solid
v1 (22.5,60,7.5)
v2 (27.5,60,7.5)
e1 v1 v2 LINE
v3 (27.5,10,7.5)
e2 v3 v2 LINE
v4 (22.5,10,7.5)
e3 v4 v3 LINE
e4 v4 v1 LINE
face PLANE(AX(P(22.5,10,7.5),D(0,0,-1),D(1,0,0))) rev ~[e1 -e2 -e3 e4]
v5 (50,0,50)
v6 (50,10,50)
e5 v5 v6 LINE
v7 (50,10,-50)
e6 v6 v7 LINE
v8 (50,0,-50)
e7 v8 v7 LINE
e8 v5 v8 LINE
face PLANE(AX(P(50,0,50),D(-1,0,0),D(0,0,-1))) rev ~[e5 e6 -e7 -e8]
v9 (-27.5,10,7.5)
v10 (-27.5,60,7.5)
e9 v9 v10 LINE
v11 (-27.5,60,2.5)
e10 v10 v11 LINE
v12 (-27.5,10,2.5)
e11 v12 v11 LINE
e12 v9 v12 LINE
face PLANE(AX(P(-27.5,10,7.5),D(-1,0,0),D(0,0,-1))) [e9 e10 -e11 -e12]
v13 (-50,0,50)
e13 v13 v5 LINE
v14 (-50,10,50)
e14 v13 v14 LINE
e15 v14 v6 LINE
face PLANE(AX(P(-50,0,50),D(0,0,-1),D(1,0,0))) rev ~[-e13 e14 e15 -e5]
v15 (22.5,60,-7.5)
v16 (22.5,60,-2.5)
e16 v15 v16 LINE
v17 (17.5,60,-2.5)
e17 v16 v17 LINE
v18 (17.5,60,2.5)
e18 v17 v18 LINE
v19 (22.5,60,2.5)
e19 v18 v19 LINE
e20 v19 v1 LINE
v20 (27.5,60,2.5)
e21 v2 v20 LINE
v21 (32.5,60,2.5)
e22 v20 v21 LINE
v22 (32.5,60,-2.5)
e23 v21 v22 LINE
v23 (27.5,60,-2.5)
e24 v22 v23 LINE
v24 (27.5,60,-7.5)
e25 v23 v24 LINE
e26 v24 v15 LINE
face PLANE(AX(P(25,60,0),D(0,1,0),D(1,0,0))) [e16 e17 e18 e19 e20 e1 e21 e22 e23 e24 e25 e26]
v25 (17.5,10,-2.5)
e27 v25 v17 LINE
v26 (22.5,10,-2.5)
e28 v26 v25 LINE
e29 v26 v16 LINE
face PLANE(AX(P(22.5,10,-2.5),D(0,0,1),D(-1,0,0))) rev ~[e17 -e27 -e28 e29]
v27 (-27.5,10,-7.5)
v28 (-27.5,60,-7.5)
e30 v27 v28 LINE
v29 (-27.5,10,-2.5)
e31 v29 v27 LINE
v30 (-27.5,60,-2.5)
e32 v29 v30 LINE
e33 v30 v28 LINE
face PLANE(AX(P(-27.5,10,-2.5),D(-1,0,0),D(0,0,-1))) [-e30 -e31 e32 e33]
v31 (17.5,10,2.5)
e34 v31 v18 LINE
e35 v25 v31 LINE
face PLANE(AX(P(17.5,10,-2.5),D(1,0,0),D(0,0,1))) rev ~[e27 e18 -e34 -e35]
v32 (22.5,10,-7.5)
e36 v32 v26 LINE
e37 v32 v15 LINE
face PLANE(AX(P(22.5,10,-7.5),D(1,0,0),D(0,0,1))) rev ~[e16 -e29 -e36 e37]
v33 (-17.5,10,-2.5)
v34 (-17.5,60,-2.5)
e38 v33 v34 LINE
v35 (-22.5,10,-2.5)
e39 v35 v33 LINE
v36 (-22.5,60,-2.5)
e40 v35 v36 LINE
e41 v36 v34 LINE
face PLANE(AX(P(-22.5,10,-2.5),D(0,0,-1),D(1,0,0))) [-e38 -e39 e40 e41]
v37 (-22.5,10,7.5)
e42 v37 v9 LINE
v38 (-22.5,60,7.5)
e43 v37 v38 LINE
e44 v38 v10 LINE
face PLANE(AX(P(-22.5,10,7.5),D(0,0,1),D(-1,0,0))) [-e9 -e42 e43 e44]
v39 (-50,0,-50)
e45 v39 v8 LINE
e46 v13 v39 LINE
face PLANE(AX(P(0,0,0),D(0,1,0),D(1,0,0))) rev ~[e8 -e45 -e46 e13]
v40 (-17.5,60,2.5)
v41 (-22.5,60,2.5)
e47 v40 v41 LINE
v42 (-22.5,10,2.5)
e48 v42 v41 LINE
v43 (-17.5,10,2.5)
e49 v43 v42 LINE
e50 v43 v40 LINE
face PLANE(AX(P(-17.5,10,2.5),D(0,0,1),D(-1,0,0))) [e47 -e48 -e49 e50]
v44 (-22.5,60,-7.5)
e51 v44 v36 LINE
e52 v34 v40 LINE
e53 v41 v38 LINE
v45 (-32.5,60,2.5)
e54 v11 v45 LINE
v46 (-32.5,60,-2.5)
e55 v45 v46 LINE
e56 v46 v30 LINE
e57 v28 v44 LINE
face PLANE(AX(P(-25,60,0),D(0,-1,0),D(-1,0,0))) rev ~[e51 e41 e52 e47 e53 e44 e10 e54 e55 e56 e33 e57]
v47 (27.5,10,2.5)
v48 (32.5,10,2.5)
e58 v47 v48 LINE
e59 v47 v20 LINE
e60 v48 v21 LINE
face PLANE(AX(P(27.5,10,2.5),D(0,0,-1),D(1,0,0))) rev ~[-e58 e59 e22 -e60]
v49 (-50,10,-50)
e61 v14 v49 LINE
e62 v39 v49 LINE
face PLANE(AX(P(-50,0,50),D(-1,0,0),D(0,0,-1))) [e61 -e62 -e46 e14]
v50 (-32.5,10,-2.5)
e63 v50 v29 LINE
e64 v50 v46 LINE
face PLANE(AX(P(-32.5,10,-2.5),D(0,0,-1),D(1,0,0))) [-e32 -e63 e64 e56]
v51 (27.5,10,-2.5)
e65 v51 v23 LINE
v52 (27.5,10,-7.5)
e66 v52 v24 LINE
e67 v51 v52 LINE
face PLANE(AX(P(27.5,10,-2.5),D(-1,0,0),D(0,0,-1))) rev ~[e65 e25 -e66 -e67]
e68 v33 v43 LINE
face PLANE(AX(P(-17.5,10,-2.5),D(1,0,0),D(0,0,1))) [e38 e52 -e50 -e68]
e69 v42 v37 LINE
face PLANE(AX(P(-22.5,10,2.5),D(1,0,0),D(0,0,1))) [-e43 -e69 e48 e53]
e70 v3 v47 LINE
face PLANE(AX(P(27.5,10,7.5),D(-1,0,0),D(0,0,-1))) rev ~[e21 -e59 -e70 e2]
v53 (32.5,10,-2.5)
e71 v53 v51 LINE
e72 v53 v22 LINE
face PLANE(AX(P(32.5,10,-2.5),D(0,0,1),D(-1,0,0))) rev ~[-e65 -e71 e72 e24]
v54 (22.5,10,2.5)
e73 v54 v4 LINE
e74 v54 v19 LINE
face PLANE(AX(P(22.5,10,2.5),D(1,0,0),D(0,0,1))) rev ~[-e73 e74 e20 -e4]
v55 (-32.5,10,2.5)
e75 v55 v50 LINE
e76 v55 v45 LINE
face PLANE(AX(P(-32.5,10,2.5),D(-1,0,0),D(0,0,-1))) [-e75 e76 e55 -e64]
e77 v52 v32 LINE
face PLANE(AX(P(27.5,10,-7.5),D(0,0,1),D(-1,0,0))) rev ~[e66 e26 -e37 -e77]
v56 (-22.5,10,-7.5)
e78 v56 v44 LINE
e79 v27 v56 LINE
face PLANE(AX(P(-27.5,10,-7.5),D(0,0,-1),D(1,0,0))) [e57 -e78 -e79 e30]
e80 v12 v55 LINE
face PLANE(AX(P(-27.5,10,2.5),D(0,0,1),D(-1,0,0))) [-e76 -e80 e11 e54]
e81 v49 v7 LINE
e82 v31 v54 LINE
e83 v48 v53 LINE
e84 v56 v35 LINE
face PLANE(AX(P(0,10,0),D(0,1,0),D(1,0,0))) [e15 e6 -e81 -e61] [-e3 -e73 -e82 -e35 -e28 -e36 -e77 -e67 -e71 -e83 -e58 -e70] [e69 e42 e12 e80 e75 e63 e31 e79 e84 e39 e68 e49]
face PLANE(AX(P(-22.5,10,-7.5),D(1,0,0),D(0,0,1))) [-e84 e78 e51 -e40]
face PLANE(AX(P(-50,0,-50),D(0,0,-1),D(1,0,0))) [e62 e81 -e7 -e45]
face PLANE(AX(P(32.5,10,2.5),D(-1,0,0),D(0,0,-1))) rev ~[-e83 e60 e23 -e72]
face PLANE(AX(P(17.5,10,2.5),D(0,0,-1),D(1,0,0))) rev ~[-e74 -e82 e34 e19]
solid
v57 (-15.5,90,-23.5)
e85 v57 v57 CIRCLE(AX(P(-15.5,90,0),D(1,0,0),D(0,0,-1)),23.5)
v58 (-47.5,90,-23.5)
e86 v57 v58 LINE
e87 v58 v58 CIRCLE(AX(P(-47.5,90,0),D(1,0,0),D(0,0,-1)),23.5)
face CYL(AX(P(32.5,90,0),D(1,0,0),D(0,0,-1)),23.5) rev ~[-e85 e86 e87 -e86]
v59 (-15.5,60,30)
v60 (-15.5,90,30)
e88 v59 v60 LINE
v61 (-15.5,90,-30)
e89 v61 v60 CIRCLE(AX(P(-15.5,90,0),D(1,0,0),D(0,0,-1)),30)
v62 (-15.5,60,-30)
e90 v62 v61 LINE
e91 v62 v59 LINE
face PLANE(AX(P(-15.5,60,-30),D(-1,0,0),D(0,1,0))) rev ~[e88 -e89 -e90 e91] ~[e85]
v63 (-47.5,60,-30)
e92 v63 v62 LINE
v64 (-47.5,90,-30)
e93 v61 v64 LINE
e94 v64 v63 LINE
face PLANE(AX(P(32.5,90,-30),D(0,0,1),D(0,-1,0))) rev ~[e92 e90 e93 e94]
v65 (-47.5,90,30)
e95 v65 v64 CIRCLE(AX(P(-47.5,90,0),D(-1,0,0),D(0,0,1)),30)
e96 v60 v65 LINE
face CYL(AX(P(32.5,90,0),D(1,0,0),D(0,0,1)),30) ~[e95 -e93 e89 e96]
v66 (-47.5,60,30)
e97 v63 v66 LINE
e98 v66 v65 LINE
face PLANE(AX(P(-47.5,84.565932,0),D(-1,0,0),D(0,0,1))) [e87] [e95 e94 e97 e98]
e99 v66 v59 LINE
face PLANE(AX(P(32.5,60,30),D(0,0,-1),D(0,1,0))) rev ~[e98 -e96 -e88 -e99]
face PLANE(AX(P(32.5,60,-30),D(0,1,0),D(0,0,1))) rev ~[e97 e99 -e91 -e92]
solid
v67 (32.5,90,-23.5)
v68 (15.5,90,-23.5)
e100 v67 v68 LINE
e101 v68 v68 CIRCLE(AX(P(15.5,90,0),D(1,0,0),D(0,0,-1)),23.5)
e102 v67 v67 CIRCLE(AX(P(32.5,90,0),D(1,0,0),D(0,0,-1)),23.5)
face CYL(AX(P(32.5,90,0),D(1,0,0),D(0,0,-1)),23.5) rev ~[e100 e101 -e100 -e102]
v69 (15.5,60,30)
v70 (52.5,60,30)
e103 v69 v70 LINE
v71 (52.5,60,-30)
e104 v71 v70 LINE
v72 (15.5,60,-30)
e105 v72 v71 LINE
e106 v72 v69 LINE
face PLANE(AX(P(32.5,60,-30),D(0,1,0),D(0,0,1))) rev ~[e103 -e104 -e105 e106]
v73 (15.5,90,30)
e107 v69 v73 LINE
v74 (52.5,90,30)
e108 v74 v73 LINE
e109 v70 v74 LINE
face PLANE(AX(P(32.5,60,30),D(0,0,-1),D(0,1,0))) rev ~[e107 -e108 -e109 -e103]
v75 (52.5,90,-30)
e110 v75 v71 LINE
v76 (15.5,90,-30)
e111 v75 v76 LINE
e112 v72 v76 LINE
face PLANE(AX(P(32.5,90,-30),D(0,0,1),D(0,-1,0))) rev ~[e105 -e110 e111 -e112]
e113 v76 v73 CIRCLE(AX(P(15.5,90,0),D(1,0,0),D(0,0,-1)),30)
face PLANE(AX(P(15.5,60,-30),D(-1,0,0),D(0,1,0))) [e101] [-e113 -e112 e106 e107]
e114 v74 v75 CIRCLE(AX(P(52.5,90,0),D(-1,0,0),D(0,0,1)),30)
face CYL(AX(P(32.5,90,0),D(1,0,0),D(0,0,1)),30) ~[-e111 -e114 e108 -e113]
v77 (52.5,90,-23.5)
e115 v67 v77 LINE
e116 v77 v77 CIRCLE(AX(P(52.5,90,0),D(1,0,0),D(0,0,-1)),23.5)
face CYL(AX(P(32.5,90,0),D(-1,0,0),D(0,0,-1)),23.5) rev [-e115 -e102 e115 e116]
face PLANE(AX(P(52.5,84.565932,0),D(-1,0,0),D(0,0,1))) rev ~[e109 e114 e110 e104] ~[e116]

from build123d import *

# Parameters (mm, degrees)
ESQUISSE1_W             = 100
ESQUISSE1_H             = 100
BOSS_EXTRU_1_DEPTH      = 10
BOSS_EXTRU_2_DEPTH      = 50
ESQUISSE3_R             = 23.5
BOSS_EXTRU_3_DEPTH      = 20
BOSS_EXTRU_3_DEPTH_BACK = 80
ESQUISSE4_W             = 31
ESQUISSE4_H             = 60
ENL_V_MAT_EXTRU_1_DEPTH = 60


with BuildPart() as part:
    # Esquisse1 → Boss.-Extru.1 (new body)
    with BuildSketch(Plane(origin=(0, 0, 0), x_dir=(1, 0, 0), z_dir=(0, 1, 0))):
        Rectangle(ESQUISSE1_W, ESQUISSE1_H)
    extrude(amount=BOSS_EXTRU_1_DEPTH)

    # Esquisse2 → Boss.-Extru.2 (add)
    with BuildSketch(Plane(origin=(0, 10, 0), x_dir=(1, 0, 0), z_dir=(0, 1, 0))):
        Polygon((-27.5, 2.5), (-27.5, 7.5), (-22.5, 7.5), (-22.5, 2.5), (-17.5, 2.5), (-17.5, -2.5), (-22.5, -2.5), (-22.5, -7.5), (-27.5, -7.5), (-27.5, -2.5), (-32.5, -2.5), (-32.5, 2.5), align=None)
        Polygon((27.5, -7.5), (27.5, -2.5), (32.5, -2.5), (32.5, 2.5), (27.5, 2.5), (27.5, 7.5), (22.5, 7.5), (22.5, 2.5), (17.5, 2.5), (17.5, -2.5), (22.5, -2.5), (22.5, -7.5), align=None)
    extrude(amount=BOSS_EXTRU_2_DEPTH)


with BuildPart() as body_2:
    # Esquisse3 → Boss.-Extru.3 (new body, two sides)
    with BuildSketch(Plane(origin=(32.5, 0, 0), x_dir=(0, 0, -1), z_dir=(1, 0, 0))) as boss_extru_3_sk:
        with BuildLine():
            Line((0, 60), (-30, 60))
            Line((-30, 60), (-30, 90))
            ThreePointArc((-30, 90), (0, 120), (30, 90))
            Line((30, 90), (30, 60))
            Line((30, 60), (0, 60))
        make_face()
        with Locations((0, 90)):
            Circle(ESQUISSE3_R, mode=Mode.SUBTRACT)
    extrude(amount=BOSS_EXTRU_3_DEPTH)
    extrude(boss_extru_3_sk.sketch, amount=-BOSS_EXTRU_3_DEPTH_BACK)

    # Esquisse4 → Enlèv. mat.-Extru.1 (cut)
    with BuildSketch(Plane(origin=(0, 0, -30), x_dir=(-1, 0, 0), z_dir=(0, 0, -1))):
        with Locations((0, 90)):
            Rectangle(ESQUISSE4_W, ESQUISSE4_H)
    extrude(amount=-ENL_V_MAT_EXTRU_1_DEPTH, mode=Mode.SUBTRACT)


solid = Compound([part.part, body_2.part])
